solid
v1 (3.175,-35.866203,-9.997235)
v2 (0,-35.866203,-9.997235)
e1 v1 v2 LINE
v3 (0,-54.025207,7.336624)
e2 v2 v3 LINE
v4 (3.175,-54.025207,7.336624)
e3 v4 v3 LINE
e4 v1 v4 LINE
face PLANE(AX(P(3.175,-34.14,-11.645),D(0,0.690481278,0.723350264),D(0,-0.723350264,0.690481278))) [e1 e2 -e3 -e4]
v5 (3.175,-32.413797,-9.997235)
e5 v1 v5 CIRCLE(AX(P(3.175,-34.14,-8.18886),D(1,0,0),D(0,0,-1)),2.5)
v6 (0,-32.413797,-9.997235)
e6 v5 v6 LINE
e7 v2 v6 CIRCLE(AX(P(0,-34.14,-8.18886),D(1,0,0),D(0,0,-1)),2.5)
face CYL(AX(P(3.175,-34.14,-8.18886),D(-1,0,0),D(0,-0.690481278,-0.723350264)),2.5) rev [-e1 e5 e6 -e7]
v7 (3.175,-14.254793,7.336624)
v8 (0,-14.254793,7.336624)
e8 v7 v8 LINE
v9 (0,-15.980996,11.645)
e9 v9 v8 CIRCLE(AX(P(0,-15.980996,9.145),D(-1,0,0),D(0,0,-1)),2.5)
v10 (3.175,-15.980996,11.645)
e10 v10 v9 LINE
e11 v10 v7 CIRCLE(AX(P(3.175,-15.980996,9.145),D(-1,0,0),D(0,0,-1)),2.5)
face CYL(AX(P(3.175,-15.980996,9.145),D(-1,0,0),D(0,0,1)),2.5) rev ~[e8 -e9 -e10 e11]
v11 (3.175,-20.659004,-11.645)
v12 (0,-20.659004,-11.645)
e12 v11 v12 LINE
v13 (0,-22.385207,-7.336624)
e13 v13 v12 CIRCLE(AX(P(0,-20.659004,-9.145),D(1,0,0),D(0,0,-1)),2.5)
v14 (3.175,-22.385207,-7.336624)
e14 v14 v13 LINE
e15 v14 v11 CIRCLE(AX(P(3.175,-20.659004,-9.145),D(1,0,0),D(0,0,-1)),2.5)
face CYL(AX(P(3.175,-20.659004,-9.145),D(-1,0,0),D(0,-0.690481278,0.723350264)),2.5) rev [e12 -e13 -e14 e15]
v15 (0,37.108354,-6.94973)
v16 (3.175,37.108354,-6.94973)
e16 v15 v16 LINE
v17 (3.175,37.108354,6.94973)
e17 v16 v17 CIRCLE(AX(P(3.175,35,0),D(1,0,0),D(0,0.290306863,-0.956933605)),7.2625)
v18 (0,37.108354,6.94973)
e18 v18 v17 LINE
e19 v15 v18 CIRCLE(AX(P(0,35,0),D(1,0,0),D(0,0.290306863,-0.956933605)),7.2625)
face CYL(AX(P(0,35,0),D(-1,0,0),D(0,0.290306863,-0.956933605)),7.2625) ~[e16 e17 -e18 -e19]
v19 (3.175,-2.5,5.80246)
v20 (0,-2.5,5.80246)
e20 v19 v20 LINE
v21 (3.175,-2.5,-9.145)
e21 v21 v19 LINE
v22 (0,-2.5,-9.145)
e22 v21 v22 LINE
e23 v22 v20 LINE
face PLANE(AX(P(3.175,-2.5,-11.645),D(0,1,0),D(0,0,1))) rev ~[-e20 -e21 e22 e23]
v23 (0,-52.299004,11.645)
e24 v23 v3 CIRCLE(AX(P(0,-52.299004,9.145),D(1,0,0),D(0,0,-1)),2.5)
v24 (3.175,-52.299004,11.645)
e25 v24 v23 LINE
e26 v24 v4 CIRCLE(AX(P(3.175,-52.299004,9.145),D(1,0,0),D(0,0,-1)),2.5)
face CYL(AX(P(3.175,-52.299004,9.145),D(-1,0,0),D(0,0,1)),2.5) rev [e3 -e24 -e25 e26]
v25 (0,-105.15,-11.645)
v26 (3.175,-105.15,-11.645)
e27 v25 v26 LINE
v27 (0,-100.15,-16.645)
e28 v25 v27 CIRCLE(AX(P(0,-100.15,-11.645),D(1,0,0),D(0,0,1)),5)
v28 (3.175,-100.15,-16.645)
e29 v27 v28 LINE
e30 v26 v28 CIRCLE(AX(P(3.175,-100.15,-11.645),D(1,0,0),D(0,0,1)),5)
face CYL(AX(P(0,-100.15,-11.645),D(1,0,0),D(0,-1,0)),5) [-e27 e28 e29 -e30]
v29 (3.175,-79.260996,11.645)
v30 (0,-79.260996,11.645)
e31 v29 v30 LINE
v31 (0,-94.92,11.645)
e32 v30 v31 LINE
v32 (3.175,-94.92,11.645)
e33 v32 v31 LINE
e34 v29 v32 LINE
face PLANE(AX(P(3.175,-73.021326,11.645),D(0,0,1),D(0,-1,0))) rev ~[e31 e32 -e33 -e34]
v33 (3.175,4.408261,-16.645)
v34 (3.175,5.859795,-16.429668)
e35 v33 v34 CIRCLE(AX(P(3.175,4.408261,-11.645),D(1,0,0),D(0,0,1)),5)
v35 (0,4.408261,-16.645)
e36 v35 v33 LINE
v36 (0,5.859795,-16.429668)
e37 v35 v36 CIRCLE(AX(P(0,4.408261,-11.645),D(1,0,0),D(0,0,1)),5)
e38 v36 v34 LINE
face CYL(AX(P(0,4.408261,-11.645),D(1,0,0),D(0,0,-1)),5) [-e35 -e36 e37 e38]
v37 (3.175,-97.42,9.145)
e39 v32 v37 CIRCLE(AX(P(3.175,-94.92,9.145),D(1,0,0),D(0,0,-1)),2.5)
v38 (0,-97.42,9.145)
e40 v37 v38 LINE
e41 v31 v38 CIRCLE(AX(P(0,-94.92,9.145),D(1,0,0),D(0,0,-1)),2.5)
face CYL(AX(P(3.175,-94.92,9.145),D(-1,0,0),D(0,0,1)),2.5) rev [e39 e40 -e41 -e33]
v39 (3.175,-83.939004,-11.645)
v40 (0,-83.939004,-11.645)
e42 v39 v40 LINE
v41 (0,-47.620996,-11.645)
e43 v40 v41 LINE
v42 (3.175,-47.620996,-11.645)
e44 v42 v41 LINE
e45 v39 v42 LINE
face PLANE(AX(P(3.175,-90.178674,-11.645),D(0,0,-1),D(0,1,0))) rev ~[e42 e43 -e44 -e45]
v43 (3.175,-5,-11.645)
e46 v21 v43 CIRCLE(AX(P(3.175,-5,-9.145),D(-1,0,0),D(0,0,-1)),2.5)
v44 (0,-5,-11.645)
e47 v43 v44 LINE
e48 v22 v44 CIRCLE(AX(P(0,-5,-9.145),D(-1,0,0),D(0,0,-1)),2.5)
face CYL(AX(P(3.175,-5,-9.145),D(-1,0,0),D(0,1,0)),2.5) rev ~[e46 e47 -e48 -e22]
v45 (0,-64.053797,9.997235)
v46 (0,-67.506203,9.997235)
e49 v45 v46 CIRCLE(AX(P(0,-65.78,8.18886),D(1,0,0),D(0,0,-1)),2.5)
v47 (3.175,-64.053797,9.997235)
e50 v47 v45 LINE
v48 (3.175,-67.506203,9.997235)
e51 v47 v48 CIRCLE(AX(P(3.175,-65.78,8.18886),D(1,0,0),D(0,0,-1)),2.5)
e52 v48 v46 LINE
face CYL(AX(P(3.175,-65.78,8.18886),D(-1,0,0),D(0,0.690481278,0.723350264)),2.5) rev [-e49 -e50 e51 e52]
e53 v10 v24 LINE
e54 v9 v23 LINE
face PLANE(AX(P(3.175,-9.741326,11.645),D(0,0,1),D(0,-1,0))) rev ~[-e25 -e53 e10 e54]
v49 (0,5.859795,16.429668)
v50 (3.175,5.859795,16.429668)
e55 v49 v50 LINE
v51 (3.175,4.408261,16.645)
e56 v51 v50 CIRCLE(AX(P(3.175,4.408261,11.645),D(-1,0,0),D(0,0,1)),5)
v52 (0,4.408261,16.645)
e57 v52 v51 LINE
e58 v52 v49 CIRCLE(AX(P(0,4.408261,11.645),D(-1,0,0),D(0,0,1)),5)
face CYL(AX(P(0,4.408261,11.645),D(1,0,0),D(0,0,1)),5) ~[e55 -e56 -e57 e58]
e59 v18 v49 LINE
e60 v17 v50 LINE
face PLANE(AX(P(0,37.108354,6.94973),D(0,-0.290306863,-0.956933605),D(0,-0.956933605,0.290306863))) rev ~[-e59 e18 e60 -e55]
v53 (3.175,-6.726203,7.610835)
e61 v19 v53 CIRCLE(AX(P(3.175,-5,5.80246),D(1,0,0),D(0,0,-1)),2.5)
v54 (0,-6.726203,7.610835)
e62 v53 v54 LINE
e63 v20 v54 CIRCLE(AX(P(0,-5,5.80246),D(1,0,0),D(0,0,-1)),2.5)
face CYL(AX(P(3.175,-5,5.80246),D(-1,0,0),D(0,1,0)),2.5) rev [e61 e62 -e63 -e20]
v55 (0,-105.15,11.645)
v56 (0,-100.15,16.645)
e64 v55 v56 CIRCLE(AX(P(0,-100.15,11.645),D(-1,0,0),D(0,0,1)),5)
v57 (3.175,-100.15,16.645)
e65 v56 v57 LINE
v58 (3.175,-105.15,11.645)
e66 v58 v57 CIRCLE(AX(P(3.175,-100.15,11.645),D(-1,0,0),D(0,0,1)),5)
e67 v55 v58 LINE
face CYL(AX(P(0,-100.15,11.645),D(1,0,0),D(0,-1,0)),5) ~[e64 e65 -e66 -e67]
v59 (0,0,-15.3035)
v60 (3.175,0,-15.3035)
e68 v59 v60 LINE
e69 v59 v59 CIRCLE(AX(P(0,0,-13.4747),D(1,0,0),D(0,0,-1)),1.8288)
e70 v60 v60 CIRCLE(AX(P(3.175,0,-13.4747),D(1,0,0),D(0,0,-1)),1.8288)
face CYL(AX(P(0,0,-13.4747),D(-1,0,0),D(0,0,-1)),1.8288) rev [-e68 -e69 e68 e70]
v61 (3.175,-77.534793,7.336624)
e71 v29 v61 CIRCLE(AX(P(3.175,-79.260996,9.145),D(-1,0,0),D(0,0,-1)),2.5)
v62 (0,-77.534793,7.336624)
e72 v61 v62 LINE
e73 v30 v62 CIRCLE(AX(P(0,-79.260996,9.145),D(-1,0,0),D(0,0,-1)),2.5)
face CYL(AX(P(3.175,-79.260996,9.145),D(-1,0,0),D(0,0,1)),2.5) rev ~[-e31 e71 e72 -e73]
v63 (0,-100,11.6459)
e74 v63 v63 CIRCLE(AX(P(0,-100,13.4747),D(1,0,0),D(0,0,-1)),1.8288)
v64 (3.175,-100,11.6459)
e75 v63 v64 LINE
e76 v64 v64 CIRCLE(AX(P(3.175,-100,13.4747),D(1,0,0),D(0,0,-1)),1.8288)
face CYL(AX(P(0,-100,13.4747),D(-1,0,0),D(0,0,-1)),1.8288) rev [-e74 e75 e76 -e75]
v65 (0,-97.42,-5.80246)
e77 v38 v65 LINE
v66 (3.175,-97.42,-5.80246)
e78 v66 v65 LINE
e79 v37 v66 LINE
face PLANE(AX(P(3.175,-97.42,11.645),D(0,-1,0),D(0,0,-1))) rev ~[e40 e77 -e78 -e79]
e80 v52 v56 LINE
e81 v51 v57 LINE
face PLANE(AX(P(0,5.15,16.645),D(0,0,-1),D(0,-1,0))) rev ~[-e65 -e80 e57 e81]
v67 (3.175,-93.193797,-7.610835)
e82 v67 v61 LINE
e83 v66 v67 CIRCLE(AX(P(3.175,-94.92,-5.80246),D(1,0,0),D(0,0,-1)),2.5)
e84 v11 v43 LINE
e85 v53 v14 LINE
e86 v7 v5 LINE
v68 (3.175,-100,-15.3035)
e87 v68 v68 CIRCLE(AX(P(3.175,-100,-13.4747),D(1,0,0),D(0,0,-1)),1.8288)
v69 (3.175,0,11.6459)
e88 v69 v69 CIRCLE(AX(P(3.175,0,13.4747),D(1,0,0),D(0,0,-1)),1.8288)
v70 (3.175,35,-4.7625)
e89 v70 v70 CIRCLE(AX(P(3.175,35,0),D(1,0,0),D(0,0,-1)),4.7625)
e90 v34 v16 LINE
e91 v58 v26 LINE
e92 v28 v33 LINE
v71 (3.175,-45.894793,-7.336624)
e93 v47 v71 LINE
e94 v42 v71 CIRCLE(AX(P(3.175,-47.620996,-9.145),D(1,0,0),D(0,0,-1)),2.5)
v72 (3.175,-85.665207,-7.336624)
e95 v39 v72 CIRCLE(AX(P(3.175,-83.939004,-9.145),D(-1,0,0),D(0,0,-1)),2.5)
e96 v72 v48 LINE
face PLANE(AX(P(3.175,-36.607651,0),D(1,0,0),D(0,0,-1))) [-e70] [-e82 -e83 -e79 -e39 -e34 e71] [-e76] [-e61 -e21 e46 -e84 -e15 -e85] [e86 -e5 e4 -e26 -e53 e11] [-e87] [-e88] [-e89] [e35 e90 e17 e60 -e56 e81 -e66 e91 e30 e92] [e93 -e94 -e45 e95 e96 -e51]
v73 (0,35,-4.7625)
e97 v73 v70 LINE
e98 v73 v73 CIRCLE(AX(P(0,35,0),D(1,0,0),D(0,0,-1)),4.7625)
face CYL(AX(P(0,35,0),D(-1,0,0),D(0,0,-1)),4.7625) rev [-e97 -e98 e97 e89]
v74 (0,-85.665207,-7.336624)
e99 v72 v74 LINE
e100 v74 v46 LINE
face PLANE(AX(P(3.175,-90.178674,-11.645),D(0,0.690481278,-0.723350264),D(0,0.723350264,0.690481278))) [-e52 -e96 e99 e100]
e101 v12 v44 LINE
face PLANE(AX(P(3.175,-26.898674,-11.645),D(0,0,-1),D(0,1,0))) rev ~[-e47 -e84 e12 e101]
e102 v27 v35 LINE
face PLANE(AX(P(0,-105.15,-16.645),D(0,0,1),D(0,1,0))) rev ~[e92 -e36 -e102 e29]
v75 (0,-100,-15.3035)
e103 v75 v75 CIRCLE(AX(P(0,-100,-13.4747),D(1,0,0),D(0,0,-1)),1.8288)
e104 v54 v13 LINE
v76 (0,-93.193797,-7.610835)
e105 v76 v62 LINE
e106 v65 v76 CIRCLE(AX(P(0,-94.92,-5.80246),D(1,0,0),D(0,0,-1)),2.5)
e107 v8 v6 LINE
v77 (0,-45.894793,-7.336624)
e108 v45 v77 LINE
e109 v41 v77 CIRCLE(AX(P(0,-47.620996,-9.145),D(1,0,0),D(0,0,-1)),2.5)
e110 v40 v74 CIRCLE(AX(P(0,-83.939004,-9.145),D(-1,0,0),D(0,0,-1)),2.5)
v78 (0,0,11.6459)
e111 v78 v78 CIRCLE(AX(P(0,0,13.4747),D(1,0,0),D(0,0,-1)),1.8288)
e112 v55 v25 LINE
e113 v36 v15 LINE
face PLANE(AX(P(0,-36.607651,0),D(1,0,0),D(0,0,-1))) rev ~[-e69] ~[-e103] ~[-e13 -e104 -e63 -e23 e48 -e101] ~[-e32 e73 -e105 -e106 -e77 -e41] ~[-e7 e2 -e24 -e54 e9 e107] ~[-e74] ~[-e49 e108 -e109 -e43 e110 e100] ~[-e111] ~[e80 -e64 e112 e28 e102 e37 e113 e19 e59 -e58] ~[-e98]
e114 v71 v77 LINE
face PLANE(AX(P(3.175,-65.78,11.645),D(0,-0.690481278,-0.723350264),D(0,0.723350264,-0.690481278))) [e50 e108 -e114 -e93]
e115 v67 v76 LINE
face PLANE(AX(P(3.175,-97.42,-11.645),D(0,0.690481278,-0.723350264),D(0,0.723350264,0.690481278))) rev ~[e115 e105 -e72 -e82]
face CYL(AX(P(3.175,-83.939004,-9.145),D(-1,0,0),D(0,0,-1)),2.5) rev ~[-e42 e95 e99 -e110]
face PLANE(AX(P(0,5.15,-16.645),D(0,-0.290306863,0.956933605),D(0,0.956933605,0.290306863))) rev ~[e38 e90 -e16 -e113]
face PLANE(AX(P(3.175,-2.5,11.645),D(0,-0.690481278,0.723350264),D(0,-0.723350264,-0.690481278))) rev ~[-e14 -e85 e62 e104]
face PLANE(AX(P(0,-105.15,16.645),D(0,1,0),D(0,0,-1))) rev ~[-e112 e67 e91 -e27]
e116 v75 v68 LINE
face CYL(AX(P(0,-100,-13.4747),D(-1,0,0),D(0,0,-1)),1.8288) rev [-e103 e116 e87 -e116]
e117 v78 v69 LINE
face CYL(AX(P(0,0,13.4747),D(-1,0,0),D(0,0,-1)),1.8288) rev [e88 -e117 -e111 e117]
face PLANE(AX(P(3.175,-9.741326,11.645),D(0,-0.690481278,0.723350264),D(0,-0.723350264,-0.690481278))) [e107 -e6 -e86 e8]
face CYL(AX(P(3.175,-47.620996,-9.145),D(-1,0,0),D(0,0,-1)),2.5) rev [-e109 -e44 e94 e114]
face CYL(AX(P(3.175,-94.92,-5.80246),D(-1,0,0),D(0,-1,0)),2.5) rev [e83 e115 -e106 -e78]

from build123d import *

# Parameters (mm, degrees)
SKETCH1_R           = 1.8288
SKETCH1_R_2         = 4.7625
BOSS_EXTRUDE1_DEPTH = 3.175
CUT_EXTRUDE1_DEPTH  = 107.506615522
FILLET1_R           = 2.5
FILLET2_R           = 5


with BuildPart() as part:
    # Sketch1 → Boss-Extrude1 (new body)
    with BuildSketch(Plane(origin=(0, 0, 0), x_dir=(0, 0, -1), z_dir=(1, 0, 0))):
        with BuildLine():
            Line((-16.645, -105.15), (16.645, -105.15))
            Line((16.645, -105.15), (16.645, 5.15))
            Line((16.645, 5.15), (6.94973031, 37.108353593))
            ThreePointArc((6.94973031, 37.108353593), (0, 42.2625), (-6.94973031, 37.108353593))
            Line((-6.94973031, 37.108353593), (-16.645, 5.15))
            Line((-16.645, 5.15), (-16.645, -105.15))
        make_face()
        with Locations((-13.4747, 0)):
            Circle(SKETCH1_R, mode=Mode.SUBTRACT)
        with Locations((0, 35)):
            Circle(SKETCH1_R_2, mode=Mode.SUBTRACT)
        with Locations((13.4747, 0)):
            Circle(SKETCH1_R, mode=Mode.SUBTRACT)
        with Locations((-13.4747, -100)):
            Circle(SKETCH1_R, mode=Mode.SUBTRACT)
        with Locations((13.4747, -100)):
            Circle(SKETCH1_R, mode=Mode.SUBTRACT)
    extrude(amount=BOSS_EXTRUDE1_DEPTH)

    # Sketch2 → Cut-Extrude1 (cut, through all)
    with BuildSketch(Plane(origin=(3.175, 0, 0), x_dir=(0, 0, -1), z_dir=(1, 0, 0))):
        Polygon((11.645, -2.5), (-11.645, -2.5), (11.645, -26.898674048), align=None)
        Polygon((-11.645, -9.741325952), (11.645, -34.14), (-11.645, -58.538674048), (-11.645, -34.14), align=None)
        Polygon((-11.645, -73.021325952), (-11.645, -97.42), (11.645, -97.42), align=None)
        Polygon((11.645, -41.381325952), (11.645, -65.78), (11.645, -90.178674048), (-11.645, -65.78), align=None)
    extrude(amount=-CUT_EXTRUDE1_DEPTH, mode=Mode.SUBTRACT)

    # Fillet1
    fillet1_edges = [part.edges().sort_by_distance(p)[0] for p in [
        (1.5875, -9.741325952, 11.645),
        (1.5875, -34.14, -11.645),
        (1.5875, -58.538674048, 11.645),
        (1.5875, -26.898674048, -11.645),
        (1.5875, -2.5, 11.645),
        (1.5875, -2.5, -11.645),
        (1.5875, -90.178674048, -11.645),
        (1.5875, -65.78, 11.645),
        (1.5875, -41.381325952, -11.645),
        (1.5875, -73.021325952, 11.645),
        (1.5875, -97.42, -11.645),
        (1.5875, -97.42, 11.645),
    ]]
    fillet(fillet1_edges, radius=FILLET1_R)

    # Fillet2
    fillet2_edges = [part.edges().sort_by_distance(p)[0] for p in [
        (1.5875, -105.15, -16.645),
        (1.5875, -105.15, 16.645),
        (1.5875, 5.15, 16.645),
        (1.5875, 5.15, -16.645),
    ]]
    fillet(fillet2_edges, radius=FILLET2_R)


solid = part.part
